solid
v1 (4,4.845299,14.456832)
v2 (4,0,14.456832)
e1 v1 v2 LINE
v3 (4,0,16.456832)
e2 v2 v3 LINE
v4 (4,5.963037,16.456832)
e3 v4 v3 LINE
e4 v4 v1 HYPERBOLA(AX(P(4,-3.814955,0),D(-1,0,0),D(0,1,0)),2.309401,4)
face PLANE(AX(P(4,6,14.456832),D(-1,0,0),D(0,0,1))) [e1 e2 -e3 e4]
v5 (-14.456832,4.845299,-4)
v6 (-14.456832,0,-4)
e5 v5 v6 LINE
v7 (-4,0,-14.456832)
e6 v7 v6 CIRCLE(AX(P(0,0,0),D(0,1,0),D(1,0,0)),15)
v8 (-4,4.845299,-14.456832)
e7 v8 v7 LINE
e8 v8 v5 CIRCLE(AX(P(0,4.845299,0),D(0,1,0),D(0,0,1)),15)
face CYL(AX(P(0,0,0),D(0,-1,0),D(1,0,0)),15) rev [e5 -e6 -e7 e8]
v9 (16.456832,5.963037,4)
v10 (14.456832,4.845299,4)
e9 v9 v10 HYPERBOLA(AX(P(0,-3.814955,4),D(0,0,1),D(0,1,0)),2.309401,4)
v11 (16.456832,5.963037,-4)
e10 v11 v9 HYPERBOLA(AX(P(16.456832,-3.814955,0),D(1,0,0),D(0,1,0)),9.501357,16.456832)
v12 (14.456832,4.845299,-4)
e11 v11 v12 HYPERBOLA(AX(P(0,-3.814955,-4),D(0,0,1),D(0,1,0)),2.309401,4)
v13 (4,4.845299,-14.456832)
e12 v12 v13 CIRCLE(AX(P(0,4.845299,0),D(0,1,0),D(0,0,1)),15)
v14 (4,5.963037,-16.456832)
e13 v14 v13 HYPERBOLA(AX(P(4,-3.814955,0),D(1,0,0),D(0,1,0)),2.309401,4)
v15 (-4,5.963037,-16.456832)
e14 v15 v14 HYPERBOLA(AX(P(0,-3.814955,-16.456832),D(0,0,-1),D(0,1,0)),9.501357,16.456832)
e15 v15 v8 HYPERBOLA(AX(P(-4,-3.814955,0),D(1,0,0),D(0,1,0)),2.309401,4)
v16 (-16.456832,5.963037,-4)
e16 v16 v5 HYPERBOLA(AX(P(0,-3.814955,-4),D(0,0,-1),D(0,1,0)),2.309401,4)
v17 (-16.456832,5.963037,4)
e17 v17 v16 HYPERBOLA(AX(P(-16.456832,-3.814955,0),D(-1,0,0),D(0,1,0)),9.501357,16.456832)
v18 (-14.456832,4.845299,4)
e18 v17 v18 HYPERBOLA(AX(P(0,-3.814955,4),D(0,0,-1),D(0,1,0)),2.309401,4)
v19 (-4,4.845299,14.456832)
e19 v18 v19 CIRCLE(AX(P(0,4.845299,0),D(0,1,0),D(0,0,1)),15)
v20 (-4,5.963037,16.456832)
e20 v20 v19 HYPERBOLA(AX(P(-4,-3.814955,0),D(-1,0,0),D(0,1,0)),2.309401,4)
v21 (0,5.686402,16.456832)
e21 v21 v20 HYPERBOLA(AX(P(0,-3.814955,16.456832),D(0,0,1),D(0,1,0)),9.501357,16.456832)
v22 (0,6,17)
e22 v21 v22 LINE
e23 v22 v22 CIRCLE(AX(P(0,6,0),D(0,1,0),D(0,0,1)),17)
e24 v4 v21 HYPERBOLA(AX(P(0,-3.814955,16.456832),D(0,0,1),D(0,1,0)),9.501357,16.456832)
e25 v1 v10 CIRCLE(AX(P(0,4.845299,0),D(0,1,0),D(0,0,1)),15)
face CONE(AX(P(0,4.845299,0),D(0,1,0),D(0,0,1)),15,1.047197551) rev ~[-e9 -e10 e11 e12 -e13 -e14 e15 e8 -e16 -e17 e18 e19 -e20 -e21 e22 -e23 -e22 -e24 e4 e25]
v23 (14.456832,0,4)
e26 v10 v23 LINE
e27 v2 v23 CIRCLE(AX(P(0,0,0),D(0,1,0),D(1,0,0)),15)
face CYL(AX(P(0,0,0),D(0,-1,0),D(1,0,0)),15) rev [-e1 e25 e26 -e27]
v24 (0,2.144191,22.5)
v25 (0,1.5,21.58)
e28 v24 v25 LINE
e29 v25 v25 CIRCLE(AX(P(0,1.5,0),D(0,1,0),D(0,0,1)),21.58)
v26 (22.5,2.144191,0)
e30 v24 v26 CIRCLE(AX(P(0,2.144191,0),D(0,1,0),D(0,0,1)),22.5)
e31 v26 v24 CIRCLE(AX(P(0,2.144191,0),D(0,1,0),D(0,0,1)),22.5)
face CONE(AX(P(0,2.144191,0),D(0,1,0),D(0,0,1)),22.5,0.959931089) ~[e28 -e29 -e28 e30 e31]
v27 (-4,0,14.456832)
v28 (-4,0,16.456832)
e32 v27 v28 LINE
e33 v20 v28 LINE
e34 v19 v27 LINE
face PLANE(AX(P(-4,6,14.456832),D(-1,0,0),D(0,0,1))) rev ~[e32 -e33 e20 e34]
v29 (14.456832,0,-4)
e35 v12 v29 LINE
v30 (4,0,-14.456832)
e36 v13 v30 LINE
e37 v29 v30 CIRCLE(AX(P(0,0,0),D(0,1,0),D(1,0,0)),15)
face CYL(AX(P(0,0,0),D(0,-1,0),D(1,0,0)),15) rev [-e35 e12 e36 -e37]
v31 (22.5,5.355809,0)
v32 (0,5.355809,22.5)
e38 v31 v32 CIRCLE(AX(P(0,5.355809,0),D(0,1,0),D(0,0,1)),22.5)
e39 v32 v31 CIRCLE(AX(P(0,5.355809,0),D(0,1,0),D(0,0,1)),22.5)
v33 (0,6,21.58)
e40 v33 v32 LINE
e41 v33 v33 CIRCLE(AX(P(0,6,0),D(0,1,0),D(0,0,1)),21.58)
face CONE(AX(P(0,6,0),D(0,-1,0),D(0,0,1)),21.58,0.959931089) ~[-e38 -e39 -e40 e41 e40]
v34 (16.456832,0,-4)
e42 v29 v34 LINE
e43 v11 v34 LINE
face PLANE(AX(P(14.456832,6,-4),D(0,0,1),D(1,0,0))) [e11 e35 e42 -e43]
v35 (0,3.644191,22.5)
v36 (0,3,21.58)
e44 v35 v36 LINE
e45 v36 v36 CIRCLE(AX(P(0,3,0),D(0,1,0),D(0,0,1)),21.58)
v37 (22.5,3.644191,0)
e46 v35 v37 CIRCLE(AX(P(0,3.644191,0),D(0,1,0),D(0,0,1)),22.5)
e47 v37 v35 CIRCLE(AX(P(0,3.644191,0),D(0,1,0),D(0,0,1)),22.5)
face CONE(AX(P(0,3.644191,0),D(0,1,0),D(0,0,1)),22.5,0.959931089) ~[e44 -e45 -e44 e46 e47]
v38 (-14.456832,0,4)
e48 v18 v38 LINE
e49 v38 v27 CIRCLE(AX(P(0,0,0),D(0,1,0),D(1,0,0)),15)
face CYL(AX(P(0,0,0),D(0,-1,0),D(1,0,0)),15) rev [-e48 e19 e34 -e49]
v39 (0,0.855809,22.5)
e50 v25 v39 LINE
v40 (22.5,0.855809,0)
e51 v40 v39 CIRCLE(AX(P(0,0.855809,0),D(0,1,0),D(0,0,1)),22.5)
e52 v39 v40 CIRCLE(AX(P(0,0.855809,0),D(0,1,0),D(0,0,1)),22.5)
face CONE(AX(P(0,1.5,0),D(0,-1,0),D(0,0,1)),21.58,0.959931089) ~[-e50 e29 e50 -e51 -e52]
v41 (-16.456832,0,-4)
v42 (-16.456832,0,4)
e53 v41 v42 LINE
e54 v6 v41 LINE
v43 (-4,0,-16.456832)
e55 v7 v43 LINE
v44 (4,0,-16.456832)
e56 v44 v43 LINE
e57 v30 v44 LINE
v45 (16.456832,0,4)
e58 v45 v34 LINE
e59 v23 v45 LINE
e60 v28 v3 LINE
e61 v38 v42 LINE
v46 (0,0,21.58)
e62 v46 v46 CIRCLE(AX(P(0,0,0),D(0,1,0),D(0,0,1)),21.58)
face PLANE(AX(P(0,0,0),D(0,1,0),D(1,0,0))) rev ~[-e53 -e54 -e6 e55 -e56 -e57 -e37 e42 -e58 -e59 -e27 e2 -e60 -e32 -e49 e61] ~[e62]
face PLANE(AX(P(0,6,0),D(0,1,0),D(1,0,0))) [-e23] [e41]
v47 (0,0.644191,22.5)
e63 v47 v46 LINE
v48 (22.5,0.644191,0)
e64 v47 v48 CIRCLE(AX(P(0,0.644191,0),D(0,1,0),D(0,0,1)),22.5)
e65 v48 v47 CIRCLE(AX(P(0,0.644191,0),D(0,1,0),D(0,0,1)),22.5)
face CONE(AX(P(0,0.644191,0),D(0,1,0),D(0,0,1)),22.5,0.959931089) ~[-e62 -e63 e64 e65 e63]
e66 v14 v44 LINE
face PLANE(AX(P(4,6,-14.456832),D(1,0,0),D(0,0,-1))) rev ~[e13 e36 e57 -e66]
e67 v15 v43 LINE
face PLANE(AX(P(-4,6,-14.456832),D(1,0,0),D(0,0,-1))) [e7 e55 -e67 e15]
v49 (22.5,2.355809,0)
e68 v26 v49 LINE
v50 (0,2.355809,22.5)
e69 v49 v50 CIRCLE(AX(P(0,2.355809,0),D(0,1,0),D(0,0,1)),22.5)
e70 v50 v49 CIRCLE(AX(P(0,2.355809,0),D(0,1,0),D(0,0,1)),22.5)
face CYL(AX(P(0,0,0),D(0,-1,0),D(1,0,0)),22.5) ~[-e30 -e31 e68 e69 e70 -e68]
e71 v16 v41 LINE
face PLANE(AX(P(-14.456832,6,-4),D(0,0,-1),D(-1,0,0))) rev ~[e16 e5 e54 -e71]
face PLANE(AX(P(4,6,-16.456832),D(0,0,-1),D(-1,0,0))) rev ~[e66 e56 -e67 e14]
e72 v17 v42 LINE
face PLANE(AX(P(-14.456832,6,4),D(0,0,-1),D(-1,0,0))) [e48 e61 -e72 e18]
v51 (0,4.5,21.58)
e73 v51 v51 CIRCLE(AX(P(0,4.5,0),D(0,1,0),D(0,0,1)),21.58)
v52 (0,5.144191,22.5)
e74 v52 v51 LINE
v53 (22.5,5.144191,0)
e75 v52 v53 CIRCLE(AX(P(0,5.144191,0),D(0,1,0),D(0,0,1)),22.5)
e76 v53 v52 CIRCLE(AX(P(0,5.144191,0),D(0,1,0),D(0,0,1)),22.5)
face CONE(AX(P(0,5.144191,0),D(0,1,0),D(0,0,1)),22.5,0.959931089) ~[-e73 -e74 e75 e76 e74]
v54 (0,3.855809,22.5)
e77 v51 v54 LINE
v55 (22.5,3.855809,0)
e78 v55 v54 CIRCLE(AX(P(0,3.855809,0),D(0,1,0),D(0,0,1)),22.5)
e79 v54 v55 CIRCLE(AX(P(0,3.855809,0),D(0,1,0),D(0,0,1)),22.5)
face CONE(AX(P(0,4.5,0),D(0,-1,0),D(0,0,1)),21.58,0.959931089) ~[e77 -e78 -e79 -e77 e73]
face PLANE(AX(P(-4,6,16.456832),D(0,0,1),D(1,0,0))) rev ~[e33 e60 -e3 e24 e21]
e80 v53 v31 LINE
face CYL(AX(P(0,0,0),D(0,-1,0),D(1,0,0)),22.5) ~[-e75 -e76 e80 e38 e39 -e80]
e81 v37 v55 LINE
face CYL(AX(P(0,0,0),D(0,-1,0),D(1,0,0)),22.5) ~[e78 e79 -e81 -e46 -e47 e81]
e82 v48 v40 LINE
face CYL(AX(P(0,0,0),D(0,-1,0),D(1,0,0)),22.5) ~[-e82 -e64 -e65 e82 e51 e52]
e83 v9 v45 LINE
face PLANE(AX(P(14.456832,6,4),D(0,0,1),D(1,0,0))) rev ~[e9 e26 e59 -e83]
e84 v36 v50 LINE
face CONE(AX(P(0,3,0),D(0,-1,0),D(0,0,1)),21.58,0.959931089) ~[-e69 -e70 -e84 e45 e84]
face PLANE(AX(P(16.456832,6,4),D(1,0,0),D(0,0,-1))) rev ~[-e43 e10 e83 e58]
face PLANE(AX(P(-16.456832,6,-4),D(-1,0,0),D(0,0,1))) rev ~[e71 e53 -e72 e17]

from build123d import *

# Parameters (mm, degrees)
SKETCH_1_R                    = 22.5
SKETCH_1_R_2                  = 15
EXTRUDE_1_DEPTH               = 6
PATTERN_LINEAR_45_1_5_1_COUNT = 5
PATTERN_LINEAR_45_1_5_1_PITCH = 1.5
SKETCH_4_W                    = 2
SKETCH_4_H                    = 8
CUT_EXTRUDE_2_DEPTH           = 7
PATTERN_CIRCULAR_1_COUNT      = 4


with BuildPart() as part:
    # Эскиз1 → Вытянуть1 (new body)
    with BuildSketch(Plane(origin=(0, 0, 0), x_dir=(1, 0, 0), z_dir=(0, 1, 0))):
        Circle(SKETCH_1_R)
        Circle(SKETCH_1_R_2, mode=Mode.SUBTRACT)
    extrude(amount=EXTRUDE_1_DEPTH)

    # Эскиз2 → М45х1,5 1й зуб (revolve, cut)
    with BuildSketch(Plane(origin=(0, 0, 0), x_dir=(0, 0, -1), z_dir=(1, 0, 0))):
        Polygon((-21.58, 6), (-22.5, 5.355809065), (-25, 5.355809065), (-25, 6.644190935), (-22.5, 6.644190935), align=None)
    cut_revolve_45_1_5_1 = revolve(axis=Axis((0, 0, 0), (0, 1, 0)), mode=Mode.SUBTRACT)

    # Эскиз3 → Вырез-Повернуть2 (revolve, cut)
    with BuildSketch(Plane(origin=(0, 0, 0), x_dir=(0, 0, -1), z_dir=(1, 0, 0))):
        Polygon((-15, 4.845299462), (-17, 6), (-15, 6), align=None)
    revolve(axis=Axis((0, 0, 0), (0, 1, 0)), mode=Mode.SUBTRACT)

    # М45х1,5 массив1: М45х1,5 1й зуб ×5
    with Locations(*[(0, -i * PATTERN_LINEAR_45_1_5_1_PITCH, 0) for i in range(1, PATTERN_LINEAR_45_1_5_1_COUNT)]):
        add(cut_revolve_45_1_5_1, mode=Mode.SUBTRACT)

    # Эскиз4 → Вытянуть2 (cut, through all)
    with BuildSketch(Plane(origin=(0, 6, 0), x_dir=(1, 0, 0), z_dir=(0, 1, 0))):
        with Locations((15.456832295, 0)):
            Rectangle(SKETCH_4_W, SKETCH_4_H)
    cut_extrude_2 = extrude(amount=-CUT_EXTRUDE_2_DEPTH, mode=Mode.SUBTRACT)

    # Круговой массив1: Вытянуть2 ×4 about axis
    pattern_circular_1_axis = Axis((0, 0, 0), (0, 1, 0))
    for i in range(1, PATTERN_CIRCULAR_1_COUNT):
        add(cut_extrude_2.rotate(pattern_circular_1_axis, i * 360 / PATTERN_CIRCULAR_1_COUNT), mode=Mode.SUBTRACT)


solid = part.part
